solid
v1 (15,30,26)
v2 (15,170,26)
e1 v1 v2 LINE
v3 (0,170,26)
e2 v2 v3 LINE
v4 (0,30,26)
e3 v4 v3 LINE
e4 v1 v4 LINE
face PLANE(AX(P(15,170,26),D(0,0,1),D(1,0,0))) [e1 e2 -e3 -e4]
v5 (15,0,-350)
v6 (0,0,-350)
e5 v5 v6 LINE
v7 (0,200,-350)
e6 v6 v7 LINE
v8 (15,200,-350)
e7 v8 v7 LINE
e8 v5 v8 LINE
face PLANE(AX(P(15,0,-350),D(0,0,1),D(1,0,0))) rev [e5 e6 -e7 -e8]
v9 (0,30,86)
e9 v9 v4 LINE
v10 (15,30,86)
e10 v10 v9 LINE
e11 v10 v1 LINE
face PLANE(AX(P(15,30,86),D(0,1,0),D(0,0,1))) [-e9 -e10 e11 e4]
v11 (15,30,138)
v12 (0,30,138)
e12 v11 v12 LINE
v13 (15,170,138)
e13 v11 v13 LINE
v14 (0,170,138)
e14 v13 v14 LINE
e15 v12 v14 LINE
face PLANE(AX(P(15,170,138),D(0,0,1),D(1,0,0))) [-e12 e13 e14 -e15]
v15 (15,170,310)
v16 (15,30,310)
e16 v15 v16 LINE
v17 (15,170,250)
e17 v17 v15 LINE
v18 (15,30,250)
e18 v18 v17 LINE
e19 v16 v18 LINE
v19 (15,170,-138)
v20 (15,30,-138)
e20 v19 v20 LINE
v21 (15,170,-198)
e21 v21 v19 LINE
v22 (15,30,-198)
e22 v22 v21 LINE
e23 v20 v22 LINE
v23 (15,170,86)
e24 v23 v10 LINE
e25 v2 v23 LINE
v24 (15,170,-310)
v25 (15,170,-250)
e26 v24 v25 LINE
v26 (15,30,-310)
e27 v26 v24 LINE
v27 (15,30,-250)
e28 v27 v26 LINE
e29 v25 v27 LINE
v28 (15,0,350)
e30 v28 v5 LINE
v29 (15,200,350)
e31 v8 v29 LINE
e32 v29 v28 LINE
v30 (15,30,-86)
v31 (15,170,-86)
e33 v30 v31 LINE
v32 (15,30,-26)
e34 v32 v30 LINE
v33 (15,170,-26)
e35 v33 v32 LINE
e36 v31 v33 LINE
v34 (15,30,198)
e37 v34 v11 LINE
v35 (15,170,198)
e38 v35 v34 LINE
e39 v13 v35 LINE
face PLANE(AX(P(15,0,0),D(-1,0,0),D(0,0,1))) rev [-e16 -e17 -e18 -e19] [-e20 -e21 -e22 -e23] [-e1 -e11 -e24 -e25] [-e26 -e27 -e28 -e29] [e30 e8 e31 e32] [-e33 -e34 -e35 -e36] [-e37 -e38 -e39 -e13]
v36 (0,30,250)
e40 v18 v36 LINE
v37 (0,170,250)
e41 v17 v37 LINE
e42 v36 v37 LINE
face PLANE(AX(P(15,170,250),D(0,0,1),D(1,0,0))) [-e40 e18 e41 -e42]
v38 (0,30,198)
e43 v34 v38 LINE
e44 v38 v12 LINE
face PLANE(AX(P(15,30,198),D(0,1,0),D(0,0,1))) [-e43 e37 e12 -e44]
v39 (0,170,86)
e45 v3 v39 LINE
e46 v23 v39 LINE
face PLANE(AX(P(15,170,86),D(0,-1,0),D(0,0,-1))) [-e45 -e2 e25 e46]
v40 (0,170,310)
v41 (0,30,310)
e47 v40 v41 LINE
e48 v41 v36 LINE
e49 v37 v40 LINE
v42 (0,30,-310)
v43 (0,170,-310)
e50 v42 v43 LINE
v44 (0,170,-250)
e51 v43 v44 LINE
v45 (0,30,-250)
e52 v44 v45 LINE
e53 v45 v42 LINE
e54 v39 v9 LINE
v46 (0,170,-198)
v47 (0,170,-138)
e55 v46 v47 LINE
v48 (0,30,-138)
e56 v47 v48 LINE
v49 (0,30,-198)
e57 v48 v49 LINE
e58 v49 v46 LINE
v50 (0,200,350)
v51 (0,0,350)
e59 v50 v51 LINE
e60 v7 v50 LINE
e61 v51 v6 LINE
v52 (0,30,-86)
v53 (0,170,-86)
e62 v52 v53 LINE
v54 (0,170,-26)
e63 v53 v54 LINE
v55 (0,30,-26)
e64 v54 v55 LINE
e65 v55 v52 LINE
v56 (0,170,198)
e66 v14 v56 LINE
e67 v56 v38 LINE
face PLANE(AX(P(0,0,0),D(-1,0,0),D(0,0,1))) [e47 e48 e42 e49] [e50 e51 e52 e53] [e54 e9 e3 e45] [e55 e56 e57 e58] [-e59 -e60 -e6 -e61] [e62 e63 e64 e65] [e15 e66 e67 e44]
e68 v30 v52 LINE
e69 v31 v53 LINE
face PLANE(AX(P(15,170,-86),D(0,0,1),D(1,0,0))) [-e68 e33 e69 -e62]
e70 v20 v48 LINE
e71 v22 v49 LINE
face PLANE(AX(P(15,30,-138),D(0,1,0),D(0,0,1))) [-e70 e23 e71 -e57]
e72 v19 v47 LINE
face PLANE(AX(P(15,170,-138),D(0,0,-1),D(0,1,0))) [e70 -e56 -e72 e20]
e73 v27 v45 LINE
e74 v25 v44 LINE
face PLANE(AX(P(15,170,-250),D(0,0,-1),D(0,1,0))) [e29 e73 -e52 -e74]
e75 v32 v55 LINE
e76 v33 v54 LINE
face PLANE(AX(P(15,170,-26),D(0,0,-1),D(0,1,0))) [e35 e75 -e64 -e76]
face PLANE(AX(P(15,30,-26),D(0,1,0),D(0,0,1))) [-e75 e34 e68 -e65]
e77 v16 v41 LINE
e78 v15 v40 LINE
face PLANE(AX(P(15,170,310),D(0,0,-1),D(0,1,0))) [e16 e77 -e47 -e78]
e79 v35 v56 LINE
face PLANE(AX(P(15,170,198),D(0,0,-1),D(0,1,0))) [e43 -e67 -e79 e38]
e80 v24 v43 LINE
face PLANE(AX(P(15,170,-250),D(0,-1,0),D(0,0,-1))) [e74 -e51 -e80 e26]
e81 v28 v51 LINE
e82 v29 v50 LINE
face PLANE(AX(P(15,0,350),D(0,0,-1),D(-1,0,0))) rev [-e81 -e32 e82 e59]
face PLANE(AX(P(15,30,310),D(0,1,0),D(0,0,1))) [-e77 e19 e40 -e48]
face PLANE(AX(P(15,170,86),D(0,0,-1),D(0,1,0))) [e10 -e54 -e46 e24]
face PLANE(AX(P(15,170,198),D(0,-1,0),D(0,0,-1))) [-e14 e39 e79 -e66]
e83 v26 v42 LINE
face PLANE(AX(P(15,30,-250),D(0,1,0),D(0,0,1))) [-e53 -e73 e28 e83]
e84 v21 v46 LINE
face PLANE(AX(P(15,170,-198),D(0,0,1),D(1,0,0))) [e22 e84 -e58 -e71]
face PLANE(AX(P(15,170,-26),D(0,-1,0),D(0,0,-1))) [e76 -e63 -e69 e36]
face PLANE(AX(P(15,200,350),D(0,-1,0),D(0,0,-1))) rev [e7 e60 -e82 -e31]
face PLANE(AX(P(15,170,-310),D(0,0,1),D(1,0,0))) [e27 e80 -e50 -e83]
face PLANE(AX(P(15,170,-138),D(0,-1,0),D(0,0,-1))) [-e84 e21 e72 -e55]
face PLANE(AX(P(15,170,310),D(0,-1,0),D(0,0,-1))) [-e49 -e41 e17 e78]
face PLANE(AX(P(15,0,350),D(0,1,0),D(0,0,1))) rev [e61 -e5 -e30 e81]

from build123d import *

# Parameters (mm, degrees)
SKETCH1_W           = 700
SKETCH1_H           = 200
SKETCH1_W_2         = 60
SKETCH1_H_2         = 140
BOSS_EXTRUDE1_DEPTH = 15


with BuildPart() as part:
    # Sketch1 → Boss-Extrude1 (new body)
    with BuildSketch(Plane(origin=(0, 0, 0), x_dir=(0, 0, -1), z_dir=(1, 0, 0))):
        with Locations((0, 100)):
            Rectangle(SKETCH1_W, SKETCH1_H)
        with Locations((-280, 100)):
            Rectangle(SKETCH1_W_2, SKETCH1_H_2, mode=Mode.SUBTRACT)
        with Locations((-168, 100)):
            Rectangle(SKETCH1_W_2, SKETCH1_H_2, mode=Mode.SUBTRACT)
        with Locations((-56, 100)):
            Rectangle(SKETCH1_W_2, SKETCH1_H_2, mode=Mode.SUBTRACT)
        with Locations((56, 100)):
            Rectangle(SKETCH1_W_2, SKETCH1_H_2, mode=Mode.SUBTRACT)
        with Locations((168, 100)):
            Rectangle(SKETCH1_W_2, SKETCH1_H_2, mode=Mode.SUBTRACT)
        with Locations((280, 100)):
            Rectangle(SKETCH1_W_2, SKETCH1_H_2, mode=Mode.SUBTRACT)
    extrude(amount=BOSS_EXTRUDE1_DEPTH)


solid = part.part
